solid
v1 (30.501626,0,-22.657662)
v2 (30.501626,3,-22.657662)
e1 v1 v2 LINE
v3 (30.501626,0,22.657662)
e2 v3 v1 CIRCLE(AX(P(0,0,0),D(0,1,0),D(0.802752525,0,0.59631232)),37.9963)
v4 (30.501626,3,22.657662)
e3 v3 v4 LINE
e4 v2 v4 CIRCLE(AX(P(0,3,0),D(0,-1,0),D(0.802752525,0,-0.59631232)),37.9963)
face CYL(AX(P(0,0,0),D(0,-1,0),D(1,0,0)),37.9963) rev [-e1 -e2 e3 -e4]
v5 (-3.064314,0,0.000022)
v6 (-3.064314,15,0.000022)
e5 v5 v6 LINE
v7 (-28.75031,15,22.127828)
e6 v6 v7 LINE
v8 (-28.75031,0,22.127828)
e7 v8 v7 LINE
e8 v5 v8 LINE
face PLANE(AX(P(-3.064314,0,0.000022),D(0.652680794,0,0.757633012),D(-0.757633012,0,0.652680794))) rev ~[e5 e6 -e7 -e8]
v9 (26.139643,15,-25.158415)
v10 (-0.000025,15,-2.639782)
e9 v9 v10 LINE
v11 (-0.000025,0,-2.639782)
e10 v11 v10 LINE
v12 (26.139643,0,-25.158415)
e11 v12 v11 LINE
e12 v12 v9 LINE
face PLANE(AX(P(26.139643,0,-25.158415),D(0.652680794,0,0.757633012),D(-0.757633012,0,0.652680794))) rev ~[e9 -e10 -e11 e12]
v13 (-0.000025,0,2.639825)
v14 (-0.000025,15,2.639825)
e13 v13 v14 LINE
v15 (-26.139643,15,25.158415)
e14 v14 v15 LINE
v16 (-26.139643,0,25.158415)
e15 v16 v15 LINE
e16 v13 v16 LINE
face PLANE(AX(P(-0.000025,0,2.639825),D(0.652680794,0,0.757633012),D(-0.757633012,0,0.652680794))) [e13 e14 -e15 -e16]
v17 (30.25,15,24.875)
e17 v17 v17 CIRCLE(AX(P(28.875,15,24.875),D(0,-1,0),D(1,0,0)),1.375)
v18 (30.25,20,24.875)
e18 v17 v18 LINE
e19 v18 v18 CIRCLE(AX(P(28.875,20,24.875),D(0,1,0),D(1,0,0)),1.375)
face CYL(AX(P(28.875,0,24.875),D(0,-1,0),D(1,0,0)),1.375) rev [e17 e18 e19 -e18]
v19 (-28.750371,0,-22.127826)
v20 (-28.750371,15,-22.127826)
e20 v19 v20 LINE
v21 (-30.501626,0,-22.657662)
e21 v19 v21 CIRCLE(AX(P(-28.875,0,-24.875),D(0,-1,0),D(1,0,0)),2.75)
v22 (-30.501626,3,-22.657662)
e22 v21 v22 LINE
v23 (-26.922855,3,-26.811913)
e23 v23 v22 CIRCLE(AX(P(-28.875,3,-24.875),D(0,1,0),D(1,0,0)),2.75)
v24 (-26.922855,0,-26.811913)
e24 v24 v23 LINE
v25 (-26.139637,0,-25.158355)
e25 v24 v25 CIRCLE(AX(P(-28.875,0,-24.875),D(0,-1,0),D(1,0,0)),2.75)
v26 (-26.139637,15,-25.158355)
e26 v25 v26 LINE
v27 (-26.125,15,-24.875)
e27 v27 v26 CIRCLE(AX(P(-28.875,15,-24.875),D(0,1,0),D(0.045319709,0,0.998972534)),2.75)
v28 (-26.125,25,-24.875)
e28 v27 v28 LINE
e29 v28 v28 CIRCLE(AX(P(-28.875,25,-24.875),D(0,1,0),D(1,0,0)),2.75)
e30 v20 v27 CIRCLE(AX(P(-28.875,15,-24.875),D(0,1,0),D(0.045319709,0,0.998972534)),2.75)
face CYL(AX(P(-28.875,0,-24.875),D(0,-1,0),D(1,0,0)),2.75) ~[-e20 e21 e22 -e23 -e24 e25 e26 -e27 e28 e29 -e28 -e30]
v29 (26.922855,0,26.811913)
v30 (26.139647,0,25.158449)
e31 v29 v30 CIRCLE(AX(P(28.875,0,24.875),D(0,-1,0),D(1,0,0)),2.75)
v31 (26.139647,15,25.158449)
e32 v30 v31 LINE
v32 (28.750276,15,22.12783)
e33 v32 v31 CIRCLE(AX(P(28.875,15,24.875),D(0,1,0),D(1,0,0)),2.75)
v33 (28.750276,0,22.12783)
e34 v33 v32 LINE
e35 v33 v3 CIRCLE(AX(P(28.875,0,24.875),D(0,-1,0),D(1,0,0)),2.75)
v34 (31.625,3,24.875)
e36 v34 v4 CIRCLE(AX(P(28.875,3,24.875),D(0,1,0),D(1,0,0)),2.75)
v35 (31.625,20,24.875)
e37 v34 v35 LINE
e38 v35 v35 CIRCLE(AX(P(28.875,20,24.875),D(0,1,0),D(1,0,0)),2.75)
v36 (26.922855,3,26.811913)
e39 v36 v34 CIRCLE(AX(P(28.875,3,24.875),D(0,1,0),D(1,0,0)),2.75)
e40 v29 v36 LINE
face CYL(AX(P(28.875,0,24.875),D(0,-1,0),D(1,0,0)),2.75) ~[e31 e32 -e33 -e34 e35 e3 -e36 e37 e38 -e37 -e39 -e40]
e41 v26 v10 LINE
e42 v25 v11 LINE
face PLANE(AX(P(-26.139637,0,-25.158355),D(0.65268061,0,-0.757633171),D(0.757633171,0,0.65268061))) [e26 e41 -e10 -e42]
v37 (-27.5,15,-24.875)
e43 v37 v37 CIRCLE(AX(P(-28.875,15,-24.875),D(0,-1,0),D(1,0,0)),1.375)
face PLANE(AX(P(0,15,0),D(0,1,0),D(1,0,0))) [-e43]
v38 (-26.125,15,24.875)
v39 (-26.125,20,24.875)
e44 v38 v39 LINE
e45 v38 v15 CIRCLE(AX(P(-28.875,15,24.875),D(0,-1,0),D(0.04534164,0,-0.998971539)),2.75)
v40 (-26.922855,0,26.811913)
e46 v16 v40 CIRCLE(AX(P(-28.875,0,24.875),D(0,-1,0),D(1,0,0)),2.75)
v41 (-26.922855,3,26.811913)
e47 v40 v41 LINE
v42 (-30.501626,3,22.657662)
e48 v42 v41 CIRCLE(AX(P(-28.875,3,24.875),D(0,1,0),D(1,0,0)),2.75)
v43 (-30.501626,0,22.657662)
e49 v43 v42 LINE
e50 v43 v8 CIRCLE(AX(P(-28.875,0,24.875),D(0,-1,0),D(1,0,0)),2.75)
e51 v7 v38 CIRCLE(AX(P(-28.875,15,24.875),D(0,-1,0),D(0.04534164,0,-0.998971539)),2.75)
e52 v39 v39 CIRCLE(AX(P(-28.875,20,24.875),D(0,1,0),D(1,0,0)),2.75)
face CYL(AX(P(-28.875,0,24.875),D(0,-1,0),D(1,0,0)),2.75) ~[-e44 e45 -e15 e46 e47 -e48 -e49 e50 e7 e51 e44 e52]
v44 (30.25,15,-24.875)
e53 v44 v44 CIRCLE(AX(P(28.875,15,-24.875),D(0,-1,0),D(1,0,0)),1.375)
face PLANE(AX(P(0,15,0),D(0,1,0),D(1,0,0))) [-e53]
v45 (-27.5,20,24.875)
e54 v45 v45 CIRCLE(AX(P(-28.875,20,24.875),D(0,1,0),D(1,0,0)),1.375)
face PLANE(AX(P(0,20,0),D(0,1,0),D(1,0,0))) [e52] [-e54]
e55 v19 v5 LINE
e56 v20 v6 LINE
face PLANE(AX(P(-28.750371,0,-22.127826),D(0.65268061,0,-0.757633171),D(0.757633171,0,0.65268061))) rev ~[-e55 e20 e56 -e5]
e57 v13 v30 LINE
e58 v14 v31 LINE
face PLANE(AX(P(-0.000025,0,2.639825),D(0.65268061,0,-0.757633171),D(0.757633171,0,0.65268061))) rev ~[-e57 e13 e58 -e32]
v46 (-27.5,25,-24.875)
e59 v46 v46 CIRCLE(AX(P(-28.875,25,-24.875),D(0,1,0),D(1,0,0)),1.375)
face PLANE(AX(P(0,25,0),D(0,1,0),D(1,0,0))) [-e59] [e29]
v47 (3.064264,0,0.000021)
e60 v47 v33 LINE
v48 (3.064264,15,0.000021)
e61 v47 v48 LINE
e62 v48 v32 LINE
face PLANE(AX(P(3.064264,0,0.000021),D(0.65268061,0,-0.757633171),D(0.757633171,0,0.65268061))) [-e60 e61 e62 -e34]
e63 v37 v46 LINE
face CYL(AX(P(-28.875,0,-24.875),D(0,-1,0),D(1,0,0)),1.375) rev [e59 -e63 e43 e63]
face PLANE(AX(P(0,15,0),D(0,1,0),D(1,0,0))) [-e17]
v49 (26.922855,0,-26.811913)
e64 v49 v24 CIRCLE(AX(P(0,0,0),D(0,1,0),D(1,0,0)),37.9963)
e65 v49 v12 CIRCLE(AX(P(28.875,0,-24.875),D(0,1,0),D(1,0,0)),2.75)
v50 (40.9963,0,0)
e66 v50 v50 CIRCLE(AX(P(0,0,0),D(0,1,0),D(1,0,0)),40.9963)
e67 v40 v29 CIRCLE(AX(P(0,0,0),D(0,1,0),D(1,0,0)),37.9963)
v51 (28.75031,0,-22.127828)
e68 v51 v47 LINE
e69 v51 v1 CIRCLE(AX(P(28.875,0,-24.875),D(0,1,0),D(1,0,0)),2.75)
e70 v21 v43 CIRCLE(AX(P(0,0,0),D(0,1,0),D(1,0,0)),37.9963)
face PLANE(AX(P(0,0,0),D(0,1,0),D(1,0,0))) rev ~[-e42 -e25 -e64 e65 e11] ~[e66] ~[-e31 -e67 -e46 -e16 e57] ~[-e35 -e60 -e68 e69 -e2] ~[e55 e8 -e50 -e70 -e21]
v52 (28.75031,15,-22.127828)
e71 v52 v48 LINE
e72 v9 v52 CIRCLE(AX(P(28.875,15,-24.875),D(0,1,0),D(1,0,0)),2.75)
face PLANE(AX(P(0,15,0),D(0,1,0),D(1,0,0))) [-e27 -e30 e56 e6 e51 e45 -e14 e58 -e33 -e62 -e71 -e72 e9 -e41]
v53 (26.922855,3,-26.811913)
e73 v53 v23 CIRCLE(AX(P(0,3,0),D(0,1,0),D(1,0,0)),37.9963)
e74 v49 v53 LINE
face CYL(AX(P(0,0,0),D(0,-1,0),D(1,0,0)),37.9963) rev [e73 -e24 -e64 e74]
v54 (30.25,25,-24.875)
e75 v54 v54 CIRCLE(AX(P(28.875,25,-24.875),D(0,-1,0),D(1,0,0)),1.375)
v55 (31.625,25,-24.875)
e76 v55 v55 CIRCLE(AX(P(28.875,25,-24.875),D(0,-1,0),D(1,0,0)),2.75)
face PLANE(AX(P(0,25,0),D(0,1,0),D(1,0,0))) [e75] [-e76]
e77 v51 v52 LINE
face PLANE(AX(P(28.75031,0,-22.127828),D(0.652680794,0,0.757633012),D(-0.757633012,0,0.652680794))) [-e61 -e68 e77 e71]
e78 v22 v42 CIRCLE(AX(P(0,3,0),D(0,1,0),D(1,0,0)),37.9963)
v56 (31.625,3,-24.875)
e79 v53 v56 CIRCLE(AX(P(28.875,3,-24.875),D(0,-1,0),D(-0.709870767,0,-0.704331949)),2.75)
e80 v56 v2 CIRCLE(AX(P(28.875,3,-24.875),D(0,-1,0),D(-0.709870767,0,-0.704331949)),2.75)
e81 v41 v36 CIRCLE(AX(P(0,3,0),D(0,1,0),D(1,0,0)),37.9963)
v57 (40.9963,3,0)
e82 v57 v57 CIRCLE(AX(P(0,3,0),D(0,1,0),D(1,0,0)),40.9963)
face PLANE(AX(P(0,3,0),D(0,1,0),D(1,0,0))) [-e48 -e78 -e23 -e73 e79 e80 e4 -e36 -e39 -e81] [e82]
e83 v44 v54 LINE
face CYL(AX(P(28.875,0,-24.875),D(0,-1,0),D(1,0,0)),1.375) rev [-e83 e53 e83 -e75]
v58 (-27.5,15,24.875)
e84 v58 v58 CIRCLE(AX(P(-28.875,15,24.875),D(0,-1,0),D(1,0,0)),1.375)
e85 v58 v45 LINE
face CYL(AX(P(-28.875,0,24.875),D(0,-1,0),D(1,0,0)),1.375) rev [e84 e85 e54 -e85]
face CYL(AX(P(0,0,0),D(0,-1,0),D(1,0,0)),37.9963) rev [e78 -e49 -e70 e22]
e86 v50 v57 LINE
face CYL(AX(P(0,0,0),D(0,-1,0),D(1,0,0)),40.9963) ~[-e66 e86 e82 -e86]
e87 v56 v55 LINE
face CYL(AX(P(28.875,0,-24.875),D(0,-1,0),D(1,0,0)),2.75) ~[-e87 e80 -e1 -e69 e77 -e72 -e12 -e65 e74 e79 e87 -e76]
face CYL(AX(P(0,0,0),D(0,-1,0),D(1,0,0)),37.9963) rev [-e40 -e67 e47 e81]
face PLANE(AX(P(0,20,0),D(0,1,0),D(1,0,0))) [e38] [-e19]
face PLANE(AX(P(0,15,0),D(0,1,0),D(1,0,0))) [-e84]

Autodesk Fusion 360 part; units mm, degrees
sketch "Sketch1" plane through (0, 0, 0) normal (0, 1, 0) x (1, 0, 0)
  circle A0 centre (0, 0) radius 44
  line L0 (28.875, 24.875) -> (-28.875, 24.875) construction
  line L1 (-28.875, 24.875) -> (-28.875, -24.875) construction
  line L2 (-28.875, -24.875) -> (28.875, -24.875) construction
  line L3 (28.875, -24.875) -> (28.875, 24.875) construction
  line L4 (28.875, 24.875) -> (-28.875, -24.875) construction
  line L5 (-28.875, 24.875) -> (28.875, -24.875) construction
  circle A1 centre (-28.875, 24.875) radius 1.375
  circle A2 centre (-28.875, 24.875) radius 2.75
  circle A3 centre (-28.875, -24.875) radius 1.375
  circle A4 centre (-28.875, -24.875) radius 2.75
  circle A5 centre (28.875, 24.875) radius 1.375
  circle A6 centre (28.875, 24.875) radius 2.75
  circle A7 centre (28.875, -24.875) radius 1.375
  circle A8 centre (28.875, -24.875) radius 2.75
  line L6 (-30.4443, 23.5871) -> (27.8036, -26.5919)
  line L7 (-27.8037, 26.5919) -> (30.4442, -23.5871)
  line L8 (27.8041, 26.5923) -> (-30.4447, -23.5875)
  line L9 (30.4447, 23.5875) -> (-27.8041, -26.5923)
  circle A9 centre (0, 0) radius 40.9963
  circle A10 centre (0, 0) radius 37.9963
  dimension "d1" = 88
  dimension "d2" = 57.75
  dimension "d3" = 49.75
  dimension "d4" = 2.75
  dimension "d5" = 5.5
  dimension "d6" = 2.75
  dimension "d7" = 5.5
  dimension "d8" = 2.75
  dimension "d9" = 5.5
  dimension "d10" = 2.75
  dimension "d11" = 5.5
  dimension "d26" = 2
  dimension "d27" = -2
  dimension "d28" = 2
  dimension "d29" = -2
  dimension "d30" = -3
extrude "Extrude1" add sketch "Sketch1" along normal blind 3 contours A0 | A1 A10 | A1 A2 L6 L7 A10 | A1 A10 | A1 A2 A10 | A2 L7 A10 | A2 L6 A10 | A2 L6 L7 L8 | A2 A6 L7 L8 A10 | A2 A4 L6 L8 A10 | A6 L7 L8 L9 | L6 L7 L8 L9 | A6 L8 A10 | A5 A6 A10 | A4 L6 L8 L9 | A3 A4 A10 | A4 L8 A10 | A6 A8 L7 L9 A10 | A8 L6 L7 L9 | A5 A6 L8 L9 A10 | A4 A8 L6 L9 A10 | A3 A4 L8 L9 A10 | A4 L9 A10 | A7 A8 L6 L7 A10 | A8 L7 A10 | A6 L9 A10 | A5 A10 | A5 A10 | A8 L6 A10 | A7 A8 A10 | A3 A10 | A3 A10 | A7 A10 | A7 A10 | A9 makes body 1
extrude "Extrude2" add sketch "Sketch1" along normal blind 20 contours A3 A4 A10 | A4 L8 A10 | A3 A4 L8 L9 A10 | A4 L9 A10 | A7 A8 L6 L7 A10 | A8 L7 A10 | A8 L6 A10 | A7 A8 A10 bodies 1
extrude "Extrude3" add sketch "Sketch1" along normal blind 25 contours A1 A2 L6 L7 A10 | A1 A2 A10 | A2 L7 A10 | A2 L6 A10 | A6 L8 A10 | A5 A6 A10 | A5 A6 L8 L9 A10 | A6 L9 A10 bodies 1
extrude "Extrude4" add sketch "Sketch1" along normal blind 15 contours A1 A10 | A1 A10 | A5 A10 | A5 A10 | A3 A10 | A3 A10 | A7 A10 | A7 A10 bodies 1
extrude "Extrude5" add sketch "Sketch1" along normal blind 15 contours A2 L6 L7 L8 | A6 L7 L8 L9 | L6 L7 L8 L9 | A4 L6 L8 L9 | A8 L6 L7 L9 bodies 1
extrude "Extrude7" add sketch "Sketch1" along normal blind 3 separate body contours A9 makes body 2
extrude "Extrude8" add sketch "Sketch1" along normal blind 15 separate body contours A1 A10 | A1 A10 | A2 L6 L7 L8 | A6 L7 L8 L9 | L6 L7 L8 L9 | A4 L6 L8 L9 | A8 L6 L7 L9 | A5 A10 | A5 A10 | A3 A10 | A3 A10 | A7 A10 | A7 A10 makes body 3 at (-27.5068, 10, -25.0119) makes body 4 at (30.2432, 5, -24.7381) makes body 5 at (-29.6776, 10, 25.9914) makes body 6 at (9.9096, 0, 8.6263) makes body 7 at (30.2432, 5, 25.0119)
extrude "Extrude9" add sketch "Sketch1" along normal blind 20 contours A3 A4 A10 | A4 L8 A10 | A3 A4 L8 L9 A10 | A4 L9 A10 | A7 A8 L6 L7 A10 | A8 L7 A10 | A8 L6 A10 | A7 A8 A10 bodies 2 5 6 7
extrude "Extrude10" add sketch "Sketch1" along normal blind 25 contours A1 A2 L6 L7 A10 | A1 A2 A10 | A2 L7 A10 | A2 L6 A10 | A6 L8 A10 | A5 A6 A10 | A5 A6 L8 L9 A10 | A6 L9 A10 bodies 2 3 4
hidden bodies 1
equation "d2 = 55 mm + 2.75 mm"
equation "d3 = 48 mm + 1.75 mm"
